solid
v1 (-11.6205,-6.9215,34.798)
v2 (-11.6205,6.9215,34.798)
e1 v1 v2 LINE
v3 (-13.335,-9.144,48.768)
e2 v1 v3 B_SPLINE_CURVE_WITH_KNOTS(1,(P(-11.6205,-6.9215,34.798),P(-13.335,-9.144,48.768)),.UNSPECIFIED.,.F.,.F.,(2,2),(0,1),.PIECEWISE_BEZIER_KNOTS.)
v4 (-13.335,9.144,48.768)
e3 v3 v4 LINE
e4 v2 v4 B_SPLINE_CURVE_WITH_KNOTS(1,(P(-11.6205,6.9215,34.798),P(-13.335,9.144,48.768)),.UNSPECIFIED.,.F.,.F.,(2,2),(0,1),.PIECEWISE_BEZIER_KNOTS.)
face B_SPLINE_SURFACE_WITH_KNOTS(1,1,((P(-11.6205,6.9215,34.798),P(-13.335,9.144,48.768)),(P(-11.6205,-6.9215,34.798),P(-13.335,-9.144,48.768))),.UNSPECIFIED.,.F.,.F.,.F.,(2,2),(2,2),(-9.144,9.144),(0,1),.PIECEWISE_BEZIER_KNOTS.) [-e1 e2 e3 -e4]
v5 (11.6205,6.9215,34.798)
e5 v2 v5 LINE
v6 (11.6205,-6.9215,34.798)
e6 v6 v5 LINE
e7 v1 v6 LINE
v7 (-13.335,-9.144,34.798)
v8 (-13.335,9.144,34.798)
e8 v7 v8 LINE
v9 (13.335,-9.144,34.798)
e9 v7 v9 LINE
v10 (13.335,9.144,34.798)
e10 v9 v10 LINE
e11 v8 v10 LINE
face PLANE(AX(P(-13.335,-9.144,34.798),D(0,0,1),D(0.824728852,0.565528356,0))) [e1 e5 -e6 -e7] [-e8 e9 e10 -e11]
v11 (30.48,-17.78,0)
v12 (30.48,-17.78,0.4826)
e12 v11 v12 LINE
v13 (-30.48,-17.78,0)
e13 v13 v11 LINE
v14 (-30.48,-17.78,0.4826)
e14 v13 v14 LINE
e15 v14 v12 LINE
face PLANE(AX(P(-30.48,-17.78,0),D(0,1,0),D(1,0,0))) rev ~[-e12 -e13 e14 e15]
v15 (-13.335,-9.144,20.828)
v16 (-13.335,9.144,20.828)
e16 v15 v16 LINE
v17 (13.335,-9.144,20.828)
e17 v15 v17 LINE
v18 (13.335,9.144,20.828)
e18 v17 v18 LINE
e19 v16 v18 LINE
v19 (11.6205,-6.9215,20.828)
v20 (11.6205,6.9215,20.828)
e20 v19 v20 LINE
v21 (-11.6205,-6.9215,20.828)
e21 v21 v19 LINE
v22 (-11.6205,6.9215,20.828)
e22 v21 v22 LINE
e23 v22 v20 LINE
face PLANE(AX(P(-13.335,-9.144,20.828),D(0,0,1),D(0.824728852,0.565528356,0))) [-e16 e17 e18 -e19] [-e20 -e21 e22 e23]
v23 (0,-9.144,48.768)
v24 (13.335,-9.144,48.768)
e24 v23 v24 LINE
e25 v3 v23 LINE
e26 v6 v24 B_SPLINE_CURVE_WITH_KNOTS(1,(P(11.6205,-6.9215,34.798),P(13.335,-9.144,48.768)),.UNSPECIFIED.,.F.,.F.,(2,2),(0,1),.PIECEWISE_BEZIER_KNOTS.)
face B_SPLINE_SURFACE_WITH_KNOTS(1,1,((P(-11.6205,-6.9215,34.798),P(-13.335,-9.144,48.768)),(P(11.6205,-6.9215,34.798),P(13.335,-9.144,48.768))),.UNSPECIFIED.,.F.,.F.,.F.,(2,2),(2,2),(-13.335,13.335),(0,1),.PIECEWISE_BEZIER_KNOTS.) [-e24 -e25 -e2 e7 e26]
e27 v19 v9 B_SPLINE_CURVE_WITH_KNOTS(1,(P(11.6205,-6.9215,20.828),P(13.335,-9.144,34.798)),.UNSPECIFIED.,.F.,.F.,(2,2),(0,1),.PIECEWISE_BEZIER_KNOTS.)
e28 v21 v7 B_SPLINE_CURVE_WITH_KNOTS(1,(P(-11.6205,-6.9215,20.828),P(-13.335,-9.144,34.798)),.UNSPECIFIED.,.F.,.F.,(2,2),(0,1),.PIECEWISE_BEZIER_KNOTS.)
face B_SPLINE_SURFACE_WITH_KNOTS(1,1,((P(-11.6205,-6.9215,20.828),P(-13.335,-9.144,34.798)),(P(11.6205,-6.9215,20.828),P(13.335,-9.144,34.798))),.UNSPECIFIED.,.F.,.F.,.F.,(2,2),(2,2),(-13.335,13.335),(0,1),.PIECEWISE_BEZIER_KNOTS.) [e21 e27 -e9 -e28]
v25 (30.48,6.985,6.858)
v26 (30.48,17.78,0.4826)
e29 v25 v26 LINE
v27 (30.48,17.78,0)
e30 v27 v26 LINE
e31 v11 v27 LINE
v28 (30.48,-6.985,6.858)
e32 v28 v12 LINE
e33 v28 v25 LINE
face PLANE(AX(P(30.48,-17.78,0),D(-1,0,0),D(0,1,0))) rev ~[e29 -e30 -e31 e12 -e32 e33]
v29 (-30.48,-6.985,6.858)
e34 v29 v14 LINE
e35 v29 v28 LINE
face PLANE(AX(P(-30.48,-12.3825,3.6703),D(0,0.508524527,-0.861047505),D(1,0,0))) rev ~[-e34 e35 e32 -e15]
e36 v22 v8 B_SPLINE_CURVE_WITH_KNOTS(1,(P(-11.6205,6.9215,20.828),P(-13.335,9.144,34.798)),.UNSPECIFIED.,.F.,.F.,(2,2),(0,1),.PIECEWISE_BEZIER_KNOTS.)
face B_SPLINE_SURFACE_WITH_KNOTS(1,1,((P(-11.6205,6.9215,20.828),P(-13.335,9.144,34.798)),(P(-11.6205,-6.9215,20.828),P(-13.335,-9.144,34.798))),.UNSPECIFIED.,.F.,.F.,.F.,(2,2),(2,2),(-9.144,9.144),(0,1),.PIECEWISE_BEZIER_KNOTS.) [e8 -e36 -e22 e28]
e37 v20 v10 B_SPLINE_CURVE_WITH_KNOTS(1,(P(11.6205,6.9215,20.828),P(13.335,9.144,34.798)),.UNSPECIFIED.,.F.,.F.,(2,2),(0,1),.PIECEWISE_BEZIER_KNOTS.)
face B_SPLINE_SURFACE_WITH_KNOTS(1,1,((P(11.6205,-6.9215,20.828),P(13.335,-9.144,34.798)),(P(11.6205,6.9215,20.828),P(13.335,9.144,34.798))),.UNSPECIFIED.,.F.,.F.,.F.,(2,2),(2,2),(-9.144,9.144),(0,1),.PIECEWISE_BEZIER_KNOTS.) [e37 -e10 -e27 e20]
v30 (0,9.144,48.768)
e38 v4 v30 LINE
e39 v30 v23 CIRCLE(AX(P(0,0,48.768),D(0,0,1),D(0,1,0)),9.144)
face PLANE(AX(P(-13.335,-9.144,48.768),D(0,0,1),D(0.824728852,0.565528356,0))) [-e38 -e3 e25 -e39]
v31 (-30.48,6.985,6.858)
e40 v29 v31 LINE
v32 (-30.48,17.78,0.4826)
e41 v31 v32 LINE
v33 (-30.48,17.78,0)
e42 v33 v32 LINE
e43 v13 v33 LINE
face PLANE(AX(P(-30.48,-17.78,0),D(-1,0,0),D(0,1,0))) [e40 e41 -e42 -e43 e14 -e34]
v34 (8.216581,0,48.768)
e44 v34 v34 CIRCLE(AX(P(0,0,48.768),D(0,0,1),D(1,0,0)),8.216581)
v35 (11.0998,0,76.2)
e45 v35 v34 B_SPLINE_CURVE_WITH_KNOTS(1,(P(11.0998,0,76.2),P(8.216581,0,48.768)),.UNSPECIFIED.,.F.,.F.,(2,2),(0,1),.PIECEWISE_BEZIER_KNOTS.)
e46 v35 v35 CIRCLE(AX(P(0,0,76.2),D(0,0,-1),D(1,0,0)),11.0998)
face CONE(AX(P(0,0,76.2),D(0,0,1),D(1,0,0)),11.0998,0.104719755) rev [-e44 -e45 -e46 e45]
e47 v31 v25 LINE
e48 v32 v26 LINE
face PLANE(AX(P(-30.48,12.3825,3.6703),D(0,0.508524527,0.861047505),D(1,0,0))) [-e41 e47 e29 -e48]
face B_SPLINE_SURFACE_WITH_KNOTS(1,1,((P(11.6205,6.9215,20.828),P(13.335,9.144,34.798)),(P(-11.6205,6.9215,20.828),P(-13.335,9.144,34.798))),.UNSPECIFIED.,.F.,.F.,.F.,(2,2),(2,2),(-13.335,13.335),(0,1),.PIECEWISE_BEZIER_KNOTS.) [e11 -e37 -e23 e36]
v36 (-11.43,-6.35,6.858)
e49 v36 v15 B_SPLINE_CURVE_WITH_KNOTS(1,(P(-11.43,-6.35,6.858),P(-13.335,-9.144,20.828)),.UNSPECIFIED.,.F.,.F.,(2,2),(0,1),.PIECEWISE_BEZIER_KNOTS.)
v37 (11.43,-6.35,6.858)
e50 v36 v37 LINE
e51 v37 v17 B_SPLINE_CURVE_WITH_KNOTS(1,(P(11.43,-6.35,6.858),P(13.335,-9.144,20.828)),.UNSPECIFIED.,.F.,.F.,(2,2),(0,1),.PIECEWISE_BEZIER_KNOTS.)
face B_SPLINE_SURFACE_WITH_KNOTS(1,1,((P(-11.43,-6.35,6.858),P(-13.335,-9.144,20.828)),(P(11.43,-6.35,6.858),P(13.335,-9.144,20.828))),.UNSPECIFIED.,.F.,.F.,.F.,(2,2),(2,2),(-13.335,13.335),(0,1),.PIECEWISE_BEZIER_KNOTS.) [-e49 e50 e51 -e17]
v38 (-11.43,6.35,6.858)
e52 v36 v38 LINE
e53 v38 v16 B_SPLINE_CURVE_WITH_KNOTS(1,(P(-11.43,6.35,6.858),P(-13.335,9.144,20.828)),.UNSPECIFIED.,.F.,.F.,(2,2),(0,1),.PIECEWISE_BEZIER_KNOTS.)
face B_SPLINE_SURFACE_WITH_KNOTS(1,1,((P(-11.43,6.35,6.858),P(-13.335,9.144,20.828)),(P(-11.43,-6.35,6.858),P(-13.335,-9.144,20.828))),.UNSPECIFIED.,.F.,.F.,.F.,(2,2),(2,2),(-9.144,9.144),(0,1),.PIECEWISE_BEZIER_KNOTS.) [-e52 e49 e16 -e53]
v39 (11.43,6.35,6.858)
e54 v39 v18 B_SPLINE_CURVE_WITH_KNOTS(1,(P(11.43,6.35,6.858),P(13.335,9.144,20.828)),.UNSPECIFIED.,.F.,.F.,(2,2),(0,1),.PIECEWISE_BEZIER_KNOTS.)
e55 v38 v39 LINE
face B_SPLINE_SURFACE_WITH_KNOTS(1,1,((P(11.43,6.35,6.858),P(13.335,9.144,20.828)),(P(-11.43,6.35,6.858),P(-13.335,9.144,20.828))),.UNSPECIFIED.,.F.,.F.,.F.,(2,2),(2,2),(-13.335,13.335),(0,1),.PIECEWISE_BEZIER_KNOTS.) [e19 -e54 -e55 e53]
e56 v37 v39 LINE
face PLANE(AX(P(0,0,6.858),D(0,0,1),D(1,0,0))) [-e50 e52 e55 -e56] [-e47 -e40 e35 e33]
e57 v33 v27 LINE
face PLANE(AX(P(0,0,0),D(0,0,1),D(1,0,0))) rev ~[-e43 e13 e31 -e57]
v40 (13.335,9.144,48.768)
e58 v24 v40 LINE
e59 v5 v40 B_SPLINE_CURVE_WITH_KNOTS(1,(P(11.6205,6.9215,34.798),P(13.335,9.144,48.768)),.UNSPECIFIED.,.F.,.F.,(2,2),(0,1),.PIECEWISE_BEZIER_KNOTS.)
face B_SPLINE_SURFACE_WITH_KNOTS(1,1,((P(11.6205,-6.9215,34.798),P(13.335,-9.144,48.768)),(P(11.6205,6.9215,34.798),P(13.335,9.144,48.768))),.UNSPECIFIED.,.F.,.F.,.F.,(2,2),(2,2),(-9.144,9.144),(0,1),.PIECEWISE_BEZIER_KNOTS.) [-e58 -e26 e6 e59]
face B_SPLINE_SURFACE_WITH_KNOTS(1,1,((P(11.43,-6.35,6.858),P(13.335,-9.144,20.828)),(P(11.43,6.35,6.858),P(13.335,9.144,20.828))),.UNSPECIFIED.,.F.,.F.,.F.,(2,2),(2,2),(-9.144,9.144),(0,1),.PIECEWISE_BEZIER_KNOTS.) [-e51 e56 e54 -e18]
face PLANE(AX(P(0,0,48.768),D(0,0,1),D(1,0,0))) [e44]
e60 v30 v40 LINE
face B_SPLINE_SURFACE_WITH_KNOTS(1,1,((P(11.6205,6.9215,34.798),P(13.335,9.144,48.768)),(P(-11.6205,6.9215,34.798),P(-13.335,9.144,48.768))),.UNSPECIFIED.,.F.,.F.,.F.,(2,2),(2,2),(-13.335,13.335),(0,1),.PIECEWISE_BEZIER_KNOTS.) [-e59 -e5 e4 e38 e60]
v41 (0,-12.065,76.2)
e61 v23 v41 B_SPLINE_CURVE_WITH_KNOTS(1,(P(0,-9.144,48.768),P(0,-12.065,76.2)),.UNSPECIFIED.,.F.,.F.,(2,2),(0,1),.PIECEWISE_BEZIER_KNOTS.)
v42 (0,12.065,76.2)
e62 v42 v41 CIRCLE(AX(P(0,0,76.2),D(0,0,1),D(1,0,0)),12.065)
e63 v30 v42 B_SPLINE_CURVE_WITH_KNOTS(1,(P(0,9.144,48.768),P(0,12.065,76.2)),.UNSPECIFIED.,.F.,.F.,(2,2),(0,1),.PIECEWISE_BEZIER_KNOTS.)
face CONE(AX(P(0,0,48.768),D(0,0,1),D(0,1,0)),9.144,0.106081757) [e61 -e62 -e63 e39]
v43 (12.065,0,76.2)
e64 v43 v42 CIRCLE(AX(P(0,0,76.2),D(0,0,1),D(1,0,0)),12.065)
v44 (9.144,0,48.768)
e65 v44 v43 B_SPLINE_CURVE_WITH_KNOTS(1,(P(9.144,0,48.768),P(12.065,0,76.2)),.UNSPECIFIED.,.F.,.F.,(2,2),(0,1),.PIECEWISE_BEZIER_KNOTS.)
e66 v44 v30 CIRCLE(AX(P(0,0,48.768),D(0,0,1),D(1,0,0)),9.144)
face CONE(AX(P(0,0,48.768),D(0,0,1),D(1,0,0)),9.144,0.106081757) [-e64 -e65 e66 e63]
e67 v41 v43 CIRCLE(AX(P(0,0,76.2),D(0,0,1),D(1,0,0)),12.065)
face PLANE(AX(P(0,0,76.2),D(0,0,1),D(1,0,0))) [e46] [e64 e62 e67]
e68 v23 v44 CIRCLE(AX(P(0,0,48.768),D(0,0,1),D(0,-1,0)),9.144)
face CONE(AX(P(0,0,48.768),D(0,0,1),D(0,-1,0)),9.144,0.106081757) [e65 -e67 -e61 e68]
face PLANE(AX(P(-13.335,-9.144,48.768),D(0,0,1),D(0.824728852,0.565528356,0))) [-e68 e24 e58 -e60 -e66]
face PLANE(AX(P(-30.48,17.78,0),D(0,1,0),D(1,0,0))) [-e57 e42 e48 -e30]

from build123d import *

# Parameters (mm, degrees)
F0_W      = 60.96
F0_H      = 35.56
F1_DEPTH  = 6.858
F2_SIZE2  = 6.3754
F2_SIZE   = 10.795
F3_W      = 22.86
F3_H      = 12.7
F5_W      = 26.67
F5_H      = 18.288
F8_W      = 23.241
F8_H      = 13.843
F9_W      = 26.67
F9_H      = 18.288
F12_W     = 23.241
F12_H     = 13.843
F13_W     = 26.67
F13_H     = 18.288
F17_R     = 12.065
F19_R     = 11.0998
F20_DEPTH = 27.432
F20_TAPER = 6


with BuildPart() as f1:
    # F0 (on Top) → F1 (new body)
    with BuildSketch(Plane.XY):
        Rectangle(F0_W, F0_H)
    extrude(amount=F1_DEPTH)

    # F2
    f2_edges = [f1.edges().sort_by_distance(p)[0] for p in [
        (0, 17.78, 6.858),
        (0, -17.78, 6.858),
    ]]
    f2_side = f1.faces().sort_by_distance((0, 0, 6.858))[0]
    chamfer(f2_edges, length=F2_SIZE, length2=F2_SIZE2, reference=f2_side)

    # F3 (on face) → F6 section 0
    with BuildSketch(Plane.XY.offset(6.858)):
        Rectangle(F3_W, F3_H)
    # F5 (on offset) → F6 section 1
    with BuildSketch(Plane.XY.offset(20.828)):
        Rectangle(F5_W, F5_H)
    loft()

    # F8 (on face) → F10 section 0
    with BuildSketch(Plane.XY.offset(20.828)):
        Rectangle(F8_W, F8_H)
    # F9 (on offset) → F10 section 1
    with BuildSketch(Plane.XY.offset(34.798)):
        Rectangle(F9_W, F9_H)
    loft()

    # F12 (on face) → F14 section 0
    with BuildSketch(Plane.XY.offset(34.798)):
        Rectangle(F12_W, F12_H)
    # F13 (on offset) → F14 section 1
    with BuildSketch(Plane.XY.offset(48.768)):
        Rectangle(F13_W, F13_H)
    loft()

    # F15 (on face) → F18 section 0
    with BuildSketch(Plane.XY.offset(48.768)):
        with BuildLine():
            ThreePointArc((0, 9.144), (-9.144, 0), (0, -9.144))
            ThreePointArc((0, -9.144), (6.4657844072, -6.4657844072), (9.144, 0))
            ThreePointArc((9.144, 0), (6.4657844072, 6.4657844072), (0, 9.144))
        make_face()
    # F17 (on offset) → F18 section 1
    with BuildSketch(Plane.XY.offset(76.2)):
        Circle(F17_R)
    loft()

    # F19 (on face) → F20 (cut, through all)
    with BuildSketch(Plane.XY.offset(76.2)):
        Circle(F19_R)
    extrude(amount=-F20_DEPTH, taper=F20_TAPER, mode=Mode.SUBTRACT)


solid = f1.part
